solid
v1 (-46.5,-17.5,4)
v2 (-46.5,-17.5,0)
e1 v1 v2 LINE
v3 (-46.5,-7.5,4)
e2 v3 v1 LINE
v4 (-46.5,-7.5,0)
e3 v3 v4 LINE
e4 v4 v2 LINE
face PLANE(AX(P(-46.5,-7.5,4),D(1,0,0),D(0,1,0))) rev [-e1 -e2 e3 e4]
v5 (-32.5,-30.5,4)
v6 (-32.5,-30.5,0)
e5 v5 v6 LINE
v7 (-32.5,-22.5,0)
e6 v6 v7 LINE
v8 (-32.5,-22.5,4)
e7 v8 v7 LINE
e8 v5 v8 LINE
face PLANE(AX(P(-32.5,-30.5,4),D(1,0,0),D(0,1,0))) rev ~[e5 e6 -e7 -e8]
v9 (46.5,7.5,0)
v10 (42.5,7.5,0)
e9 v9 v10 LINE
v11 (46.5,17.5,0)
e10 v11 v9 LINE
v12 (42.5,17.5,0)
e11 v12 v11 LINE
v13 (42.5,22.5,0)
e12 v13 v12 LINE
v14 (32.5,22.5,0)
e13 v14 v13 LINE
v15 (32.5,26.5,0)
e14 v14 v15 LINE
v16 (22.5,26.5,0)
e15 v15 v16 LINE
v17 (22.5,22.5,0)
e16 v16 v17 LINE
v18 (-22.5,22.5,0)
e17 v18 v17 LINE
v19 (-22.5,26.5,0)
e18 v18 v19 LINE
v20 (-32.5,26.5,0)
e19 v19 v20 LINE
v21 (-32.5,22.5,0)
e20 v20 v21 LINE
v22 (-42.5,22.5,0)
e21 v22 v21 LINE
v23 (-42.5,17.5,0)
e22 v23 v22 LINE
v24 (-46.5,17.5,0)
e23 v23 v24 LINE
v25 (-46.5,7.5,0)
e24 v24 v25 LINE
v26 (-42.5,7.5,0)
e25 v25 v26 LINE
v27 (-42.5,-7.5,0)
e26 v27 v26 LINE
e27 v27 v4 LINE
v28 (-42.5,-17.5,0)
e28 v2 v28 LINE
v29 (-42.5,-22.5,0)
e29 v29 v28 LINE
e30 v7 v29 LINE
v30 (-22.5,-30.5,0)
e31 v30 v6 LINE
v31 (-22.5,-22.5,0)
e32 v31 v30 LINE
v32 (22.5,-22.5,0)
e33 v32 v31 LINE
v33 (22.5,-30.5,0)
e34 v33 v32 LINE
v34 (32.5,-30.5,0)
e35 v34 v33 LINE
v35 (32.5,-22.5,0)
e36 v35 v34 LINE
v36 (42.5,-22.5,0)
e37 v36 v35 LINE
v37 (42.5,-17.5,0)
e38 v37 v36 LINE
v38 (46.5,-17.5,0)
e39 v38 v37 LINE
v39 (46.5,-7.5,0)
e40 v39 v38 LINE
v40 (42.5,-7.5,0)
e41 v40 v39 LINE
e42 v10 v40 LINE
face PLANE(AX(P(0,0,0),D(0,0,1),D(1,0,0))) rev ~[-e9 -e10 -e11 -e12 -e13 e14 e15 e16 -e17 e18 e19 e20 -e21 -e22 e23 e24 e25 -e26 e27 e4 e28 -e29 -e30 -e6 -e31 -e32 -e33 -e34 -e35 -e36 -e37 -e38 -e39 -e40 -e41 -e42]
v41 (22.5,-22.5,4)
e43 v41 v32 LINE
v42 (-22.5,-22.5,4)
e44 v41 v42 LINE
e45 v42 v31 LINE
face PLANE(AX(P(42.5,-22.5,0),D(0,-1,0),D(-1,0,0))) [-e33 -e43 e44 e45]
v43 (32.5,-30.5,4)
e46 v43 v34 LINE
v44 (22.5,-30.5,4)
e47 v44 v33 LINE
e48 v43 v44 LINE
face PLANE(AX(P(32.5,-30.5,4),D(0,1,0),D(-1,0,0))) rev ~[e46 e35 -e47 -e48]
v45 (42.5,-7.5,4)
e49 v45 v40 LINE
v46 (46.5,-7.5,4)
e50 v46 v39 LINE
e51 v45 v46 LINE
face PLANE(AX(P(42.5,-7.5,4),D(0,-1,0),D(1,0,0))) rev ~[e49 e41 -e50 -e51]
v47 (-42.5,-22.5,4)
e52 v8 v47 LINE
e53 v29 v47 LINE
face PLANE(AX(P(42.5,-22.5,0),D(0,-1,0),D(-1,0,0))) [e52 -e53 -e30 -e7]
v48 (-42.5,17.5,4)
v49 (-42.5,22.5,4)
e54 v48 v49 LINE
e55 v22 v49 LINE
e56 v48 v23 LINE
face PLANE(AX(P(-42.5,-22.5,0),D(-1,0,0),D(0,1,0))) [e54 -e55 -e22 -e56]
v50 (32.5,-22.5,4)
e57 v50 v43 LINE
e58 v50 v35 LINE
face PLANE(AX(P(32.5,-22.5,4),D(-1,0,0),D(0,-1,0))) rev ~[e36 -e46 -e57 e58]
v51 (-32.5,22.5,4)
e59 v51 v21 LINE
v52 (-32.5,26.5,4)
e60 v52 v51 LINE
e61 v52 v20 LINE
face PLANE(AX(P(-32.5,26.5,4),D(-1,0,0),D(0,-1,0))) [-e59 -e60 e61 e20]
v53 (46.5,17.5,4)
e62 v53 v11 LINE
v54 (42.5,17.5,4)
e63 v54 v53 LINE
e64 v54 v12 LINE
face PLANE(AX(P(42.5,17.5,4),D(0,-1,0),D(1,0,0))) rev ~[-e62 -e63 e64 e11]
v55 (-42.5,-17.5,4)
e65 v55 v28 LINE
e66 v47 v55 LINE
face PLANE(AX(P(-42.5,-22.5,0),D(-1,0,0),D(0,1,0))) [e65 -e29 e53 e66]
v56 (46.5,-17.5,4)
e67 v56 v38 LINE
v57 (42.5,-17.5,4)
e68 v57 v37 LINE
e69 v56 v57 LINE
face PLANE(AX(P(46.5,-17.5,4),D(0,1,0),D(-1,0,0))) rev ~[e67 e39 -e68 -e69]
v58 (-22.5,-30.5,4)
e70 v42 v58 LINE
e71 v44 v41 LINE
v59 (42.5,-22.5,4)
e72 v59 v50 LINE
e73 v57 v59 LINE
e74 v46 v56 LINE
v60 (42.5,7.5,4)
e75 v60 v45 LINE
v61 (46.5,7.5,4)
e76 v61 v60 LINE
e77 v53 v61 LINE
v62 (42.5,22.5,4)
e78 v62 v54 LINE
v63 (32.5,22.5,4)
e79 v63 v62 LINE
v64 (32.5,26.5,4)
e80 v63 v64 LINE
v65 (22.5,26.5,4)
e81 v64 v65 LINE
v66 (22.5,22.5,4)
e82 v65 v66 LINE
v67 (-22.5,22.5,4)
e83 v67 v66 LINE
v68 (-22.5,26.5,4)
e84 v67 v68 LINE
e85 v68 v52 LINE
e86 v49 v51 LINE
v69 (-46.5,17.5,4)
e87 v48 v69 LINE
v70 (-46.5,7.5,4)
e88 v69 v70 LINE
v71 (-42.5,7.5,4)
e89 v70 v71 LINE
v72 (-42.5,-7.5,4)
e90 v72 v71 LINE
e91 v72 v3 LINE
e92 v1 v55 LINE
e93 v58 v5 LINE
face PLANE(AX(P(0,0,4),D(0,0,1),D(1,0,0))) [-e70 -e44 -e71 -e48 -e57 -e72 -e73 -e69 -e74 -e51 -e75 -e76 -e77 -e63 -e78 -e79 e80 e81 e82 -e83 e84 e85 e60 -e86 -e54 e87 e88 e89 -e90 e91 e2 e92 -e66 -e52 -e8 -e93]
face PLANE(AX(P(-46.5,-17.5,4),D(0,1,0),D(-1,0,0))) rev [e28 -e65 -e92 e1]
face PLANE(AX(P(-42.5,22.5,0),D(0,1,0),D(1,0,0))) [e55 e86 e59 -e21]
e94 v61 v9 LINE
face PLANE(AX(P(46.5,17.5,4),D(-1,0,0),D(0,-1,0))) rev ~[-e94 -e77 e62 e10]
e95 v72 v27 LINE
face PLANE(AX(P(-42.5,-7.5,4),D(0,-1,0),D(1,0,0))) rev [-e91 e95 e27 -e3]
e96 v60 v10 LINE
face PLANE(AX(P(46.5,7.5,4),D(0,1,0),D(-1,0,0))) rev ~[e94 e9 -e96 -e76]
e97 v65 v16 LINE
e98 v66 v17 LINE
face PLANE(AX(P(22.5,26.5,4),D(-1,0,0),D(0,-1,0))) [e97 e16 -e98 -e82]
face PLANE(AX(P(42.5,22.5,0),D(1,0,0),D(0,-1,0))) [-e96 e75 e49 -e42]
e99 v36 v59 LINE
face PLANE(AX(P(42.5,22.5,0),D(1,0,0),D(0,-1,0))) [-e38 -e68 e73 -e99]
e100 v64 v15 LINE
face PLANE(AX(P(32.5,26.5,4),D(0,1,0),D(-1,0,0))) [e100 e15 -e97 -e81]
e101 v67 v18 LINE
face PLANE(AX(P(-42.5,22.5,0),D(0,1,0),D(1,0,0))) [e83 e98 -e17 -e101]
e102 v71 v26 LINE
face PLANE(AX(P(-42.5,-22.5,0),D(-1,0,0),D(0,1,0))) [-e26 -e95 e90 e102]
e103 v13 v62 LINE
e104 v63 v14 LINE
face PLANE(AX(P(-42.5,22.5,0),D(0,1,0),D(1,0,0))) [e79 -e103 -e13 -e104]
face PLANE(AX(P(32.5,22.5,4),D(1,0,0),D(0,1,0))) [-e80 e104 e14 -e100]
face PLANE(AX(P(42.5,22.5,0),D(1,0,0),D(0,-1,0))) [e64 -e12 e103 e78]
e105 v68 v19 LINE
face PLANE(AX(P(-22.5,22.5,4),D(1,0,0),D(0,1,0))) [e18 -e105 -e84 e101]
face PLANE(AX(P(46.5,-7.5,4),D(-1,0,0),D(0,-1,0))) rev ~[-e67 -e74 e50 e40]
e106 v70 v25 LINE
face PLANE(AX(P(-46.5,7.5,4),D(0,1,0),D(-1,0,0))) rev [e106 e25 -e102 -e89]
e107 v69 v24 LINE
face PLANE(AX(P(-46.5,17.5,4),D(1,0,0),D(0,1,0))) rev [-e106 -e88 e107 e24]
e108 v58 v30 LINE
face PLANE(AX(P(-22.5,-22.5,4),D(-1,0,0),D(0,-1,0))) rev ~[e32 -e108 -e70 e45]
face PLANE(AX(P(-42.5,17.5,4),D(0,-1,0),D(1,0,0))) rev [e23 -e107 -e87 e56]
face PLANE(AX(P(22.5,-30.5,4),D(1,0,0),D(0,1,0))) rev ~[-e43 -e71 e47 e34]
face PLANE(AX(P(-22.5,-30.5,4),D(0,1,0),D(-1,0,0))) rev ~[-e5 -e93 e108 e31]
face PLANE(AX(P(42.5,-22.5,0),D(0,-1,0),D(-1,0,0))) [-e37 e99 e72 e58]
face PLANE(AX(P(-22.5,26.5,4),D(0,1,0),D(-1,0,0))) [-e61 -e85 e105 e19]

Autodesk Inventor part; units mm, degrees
ref_plane "YZ Plane" through (0, 0, 0) normal (1, 0, 0) x (0, 1, 0)
ref_plane "XZ Plane" through (0, 0, 0) normal (0, 1, 0) x (-1, 0, 0)
sketch "Sketch1" plane through (0, 0, 0) normal (0, 0, 1) x (1, 0, 0)
  line L0 (42.5, -22.5) -> (-42.5, -22.5)
  line L1 (-42.5, -22.5) -> (-42.5, 22.5)
  line L2 (-42.5, 22.5) -> (42.5, 22.5)
  line L3 (42.5, 22.5) -> (42.5, -22.5)
  line L4 (42.5, -22.5) -> (-42.5, 22.5) construction
  line L5 (-42.5, -22.5) -> (42.5, 22.5) construction
  point P0 (0, 0)
  dimension "d0" = 85
  dimension "d1" = 45
extrude "Extrusion1" add sketch "Sketch1" along normal blind 4
sketch "Sketch2" plane through (0, 0, 4) normal (0, 0, 1) x (1, 0, 0)
  line L0 (-42.5, -22.5) -> (42.5, -22.5) projected
  line L1 (42.5, -22.5) -> (42.5, 22.5) projected
  line L2 (42.5, 22.5) -> (-42.5, 22.5) projected
  line L3 (-42.5, 22.5) -> (-42.5, -22.5) projected
  line L4 (42.5, 17.5) -> (46.5, 17.5)
  line L5 (46.5, 17.5) -> (46.5, 7.5)
  line L6 (46.5, 7.5) -> (42.5, 7.5)
  line L7 (42.5, 7.5) -> (42.5, 17.5)
  line L8 (42.5, -22.5) -> (42.5, 22.5) projected
  line L9 (42.5, -7.5) -> (46.5, -7.5)
  line L10 (46.5, -7.5) -> (46.5, -17.5)
  line L11 (46.5, -17.5) -> (42.5, -17.5)
  line L12 (42.5, -17.5) -> (42.5, -7.5)
  point P0 (0, 0)
  dimension "d4" = 4
  dimension "d5" = 10
  dimension "d6" = 10
extrude "Extrusion2" add sketch "Sketch2" against normal blind 4 contours L1 L9 L10 L11 | L4 L5 L6 L1
ref_plane "Work Plane1" through (0, -7.5, 0) normal (1, 0, 0) x (0, 0, -1)
mirror "Mirror1" about plane through (0, -7.5, 0) normal (1, 0, 0) of "Extrusion2"
sketch "Sketch3" plane through (0, 0, 4) normal (0, 0, 1) x (1, 0, 0)
  line L0 (-42.5, -22.5) -> (42.5, -22.5) projected
  line L1 (-32.5, -22.5) -> (-22.5, -22.5)
  line L2 (-22.5, -22.5) -> (-22.5, -30.5)
  line L3 (-22.5, -30.5) -> (-32.5, -30.5)
  line L4 (-32.5, -30.5) -> (-32.5, -22.5)
  line L5 (22.5, -22.5) -> (32.5, -22.5)
  line L6 (32.5, -22.5) -> (32.5, -30.5)
  line L7 (32.5, -30.5) -> (22.5, -30.5)
  line L8 (22.5, -30.5) -> (22.5, -22.5)
  line L9 (-42.5, -17.5) -> (-42.5, -22.5) projected
  line L10 (42.5, -22.5) -> (42.5, -17.5) projected
  point P0 (0, 0)
  dimension "d11" = 10
  dimension "d12" = 8
  dimension "d13" = 10
  dimension "d14" = 8
extrude "Extrusion3" add sketch "Sketch3" against normal blind 4
sketch "Sketch4" plane through (0, 0, 4) normal (0, 0, 1) x (1, 0, 0)
  line L0 (42.5, 22.5) -> (-42.5, 22.5) projected
  line L1 (-32.5, 22.5) -> (-22.5, 22.5)
  line L2 (-22.5, 22.5) -> (-22.5, 26.5)
  line L3 (-22.5, 26.5) -> (-32.5, 26.5)
  line L4 (-32.5, 26.5) -> (-32.5, 22.5)
  line L5 (22.5, 22.5) -> (32.5, 22.5)
  line L6 (32.5, 22.5) -> (32.5, 26.5)
  line L7 (32.5, 26.5) -> (22.5, 26.5)
  line L8 (22.5, 26.5) -> (22.5, 22.5)
  line L9 (-42.5, 22.5) -> (-42.5, 17.5) projected
  line L10 (42.5, 17.5) -> (42.5, 22.5) projected
  point P0 (0, 0)
  dimension "d20" = 10
  dimension "d21" = 4
  dimension "d22" = 10
  dimension "d23" = 4
extrude "Extrusion4" add sketch "Sketch4" against normal blind 4
equation "\"d5\" = D"
equation "\"d6\" = D"
equation "\"d11\" = D"
equation "\"d13\" = D"
equation "\"d20\" = D"
equation "\"d22\" = D"
equation "\"D\" = 10"
properties part number "FUENTE 3"
